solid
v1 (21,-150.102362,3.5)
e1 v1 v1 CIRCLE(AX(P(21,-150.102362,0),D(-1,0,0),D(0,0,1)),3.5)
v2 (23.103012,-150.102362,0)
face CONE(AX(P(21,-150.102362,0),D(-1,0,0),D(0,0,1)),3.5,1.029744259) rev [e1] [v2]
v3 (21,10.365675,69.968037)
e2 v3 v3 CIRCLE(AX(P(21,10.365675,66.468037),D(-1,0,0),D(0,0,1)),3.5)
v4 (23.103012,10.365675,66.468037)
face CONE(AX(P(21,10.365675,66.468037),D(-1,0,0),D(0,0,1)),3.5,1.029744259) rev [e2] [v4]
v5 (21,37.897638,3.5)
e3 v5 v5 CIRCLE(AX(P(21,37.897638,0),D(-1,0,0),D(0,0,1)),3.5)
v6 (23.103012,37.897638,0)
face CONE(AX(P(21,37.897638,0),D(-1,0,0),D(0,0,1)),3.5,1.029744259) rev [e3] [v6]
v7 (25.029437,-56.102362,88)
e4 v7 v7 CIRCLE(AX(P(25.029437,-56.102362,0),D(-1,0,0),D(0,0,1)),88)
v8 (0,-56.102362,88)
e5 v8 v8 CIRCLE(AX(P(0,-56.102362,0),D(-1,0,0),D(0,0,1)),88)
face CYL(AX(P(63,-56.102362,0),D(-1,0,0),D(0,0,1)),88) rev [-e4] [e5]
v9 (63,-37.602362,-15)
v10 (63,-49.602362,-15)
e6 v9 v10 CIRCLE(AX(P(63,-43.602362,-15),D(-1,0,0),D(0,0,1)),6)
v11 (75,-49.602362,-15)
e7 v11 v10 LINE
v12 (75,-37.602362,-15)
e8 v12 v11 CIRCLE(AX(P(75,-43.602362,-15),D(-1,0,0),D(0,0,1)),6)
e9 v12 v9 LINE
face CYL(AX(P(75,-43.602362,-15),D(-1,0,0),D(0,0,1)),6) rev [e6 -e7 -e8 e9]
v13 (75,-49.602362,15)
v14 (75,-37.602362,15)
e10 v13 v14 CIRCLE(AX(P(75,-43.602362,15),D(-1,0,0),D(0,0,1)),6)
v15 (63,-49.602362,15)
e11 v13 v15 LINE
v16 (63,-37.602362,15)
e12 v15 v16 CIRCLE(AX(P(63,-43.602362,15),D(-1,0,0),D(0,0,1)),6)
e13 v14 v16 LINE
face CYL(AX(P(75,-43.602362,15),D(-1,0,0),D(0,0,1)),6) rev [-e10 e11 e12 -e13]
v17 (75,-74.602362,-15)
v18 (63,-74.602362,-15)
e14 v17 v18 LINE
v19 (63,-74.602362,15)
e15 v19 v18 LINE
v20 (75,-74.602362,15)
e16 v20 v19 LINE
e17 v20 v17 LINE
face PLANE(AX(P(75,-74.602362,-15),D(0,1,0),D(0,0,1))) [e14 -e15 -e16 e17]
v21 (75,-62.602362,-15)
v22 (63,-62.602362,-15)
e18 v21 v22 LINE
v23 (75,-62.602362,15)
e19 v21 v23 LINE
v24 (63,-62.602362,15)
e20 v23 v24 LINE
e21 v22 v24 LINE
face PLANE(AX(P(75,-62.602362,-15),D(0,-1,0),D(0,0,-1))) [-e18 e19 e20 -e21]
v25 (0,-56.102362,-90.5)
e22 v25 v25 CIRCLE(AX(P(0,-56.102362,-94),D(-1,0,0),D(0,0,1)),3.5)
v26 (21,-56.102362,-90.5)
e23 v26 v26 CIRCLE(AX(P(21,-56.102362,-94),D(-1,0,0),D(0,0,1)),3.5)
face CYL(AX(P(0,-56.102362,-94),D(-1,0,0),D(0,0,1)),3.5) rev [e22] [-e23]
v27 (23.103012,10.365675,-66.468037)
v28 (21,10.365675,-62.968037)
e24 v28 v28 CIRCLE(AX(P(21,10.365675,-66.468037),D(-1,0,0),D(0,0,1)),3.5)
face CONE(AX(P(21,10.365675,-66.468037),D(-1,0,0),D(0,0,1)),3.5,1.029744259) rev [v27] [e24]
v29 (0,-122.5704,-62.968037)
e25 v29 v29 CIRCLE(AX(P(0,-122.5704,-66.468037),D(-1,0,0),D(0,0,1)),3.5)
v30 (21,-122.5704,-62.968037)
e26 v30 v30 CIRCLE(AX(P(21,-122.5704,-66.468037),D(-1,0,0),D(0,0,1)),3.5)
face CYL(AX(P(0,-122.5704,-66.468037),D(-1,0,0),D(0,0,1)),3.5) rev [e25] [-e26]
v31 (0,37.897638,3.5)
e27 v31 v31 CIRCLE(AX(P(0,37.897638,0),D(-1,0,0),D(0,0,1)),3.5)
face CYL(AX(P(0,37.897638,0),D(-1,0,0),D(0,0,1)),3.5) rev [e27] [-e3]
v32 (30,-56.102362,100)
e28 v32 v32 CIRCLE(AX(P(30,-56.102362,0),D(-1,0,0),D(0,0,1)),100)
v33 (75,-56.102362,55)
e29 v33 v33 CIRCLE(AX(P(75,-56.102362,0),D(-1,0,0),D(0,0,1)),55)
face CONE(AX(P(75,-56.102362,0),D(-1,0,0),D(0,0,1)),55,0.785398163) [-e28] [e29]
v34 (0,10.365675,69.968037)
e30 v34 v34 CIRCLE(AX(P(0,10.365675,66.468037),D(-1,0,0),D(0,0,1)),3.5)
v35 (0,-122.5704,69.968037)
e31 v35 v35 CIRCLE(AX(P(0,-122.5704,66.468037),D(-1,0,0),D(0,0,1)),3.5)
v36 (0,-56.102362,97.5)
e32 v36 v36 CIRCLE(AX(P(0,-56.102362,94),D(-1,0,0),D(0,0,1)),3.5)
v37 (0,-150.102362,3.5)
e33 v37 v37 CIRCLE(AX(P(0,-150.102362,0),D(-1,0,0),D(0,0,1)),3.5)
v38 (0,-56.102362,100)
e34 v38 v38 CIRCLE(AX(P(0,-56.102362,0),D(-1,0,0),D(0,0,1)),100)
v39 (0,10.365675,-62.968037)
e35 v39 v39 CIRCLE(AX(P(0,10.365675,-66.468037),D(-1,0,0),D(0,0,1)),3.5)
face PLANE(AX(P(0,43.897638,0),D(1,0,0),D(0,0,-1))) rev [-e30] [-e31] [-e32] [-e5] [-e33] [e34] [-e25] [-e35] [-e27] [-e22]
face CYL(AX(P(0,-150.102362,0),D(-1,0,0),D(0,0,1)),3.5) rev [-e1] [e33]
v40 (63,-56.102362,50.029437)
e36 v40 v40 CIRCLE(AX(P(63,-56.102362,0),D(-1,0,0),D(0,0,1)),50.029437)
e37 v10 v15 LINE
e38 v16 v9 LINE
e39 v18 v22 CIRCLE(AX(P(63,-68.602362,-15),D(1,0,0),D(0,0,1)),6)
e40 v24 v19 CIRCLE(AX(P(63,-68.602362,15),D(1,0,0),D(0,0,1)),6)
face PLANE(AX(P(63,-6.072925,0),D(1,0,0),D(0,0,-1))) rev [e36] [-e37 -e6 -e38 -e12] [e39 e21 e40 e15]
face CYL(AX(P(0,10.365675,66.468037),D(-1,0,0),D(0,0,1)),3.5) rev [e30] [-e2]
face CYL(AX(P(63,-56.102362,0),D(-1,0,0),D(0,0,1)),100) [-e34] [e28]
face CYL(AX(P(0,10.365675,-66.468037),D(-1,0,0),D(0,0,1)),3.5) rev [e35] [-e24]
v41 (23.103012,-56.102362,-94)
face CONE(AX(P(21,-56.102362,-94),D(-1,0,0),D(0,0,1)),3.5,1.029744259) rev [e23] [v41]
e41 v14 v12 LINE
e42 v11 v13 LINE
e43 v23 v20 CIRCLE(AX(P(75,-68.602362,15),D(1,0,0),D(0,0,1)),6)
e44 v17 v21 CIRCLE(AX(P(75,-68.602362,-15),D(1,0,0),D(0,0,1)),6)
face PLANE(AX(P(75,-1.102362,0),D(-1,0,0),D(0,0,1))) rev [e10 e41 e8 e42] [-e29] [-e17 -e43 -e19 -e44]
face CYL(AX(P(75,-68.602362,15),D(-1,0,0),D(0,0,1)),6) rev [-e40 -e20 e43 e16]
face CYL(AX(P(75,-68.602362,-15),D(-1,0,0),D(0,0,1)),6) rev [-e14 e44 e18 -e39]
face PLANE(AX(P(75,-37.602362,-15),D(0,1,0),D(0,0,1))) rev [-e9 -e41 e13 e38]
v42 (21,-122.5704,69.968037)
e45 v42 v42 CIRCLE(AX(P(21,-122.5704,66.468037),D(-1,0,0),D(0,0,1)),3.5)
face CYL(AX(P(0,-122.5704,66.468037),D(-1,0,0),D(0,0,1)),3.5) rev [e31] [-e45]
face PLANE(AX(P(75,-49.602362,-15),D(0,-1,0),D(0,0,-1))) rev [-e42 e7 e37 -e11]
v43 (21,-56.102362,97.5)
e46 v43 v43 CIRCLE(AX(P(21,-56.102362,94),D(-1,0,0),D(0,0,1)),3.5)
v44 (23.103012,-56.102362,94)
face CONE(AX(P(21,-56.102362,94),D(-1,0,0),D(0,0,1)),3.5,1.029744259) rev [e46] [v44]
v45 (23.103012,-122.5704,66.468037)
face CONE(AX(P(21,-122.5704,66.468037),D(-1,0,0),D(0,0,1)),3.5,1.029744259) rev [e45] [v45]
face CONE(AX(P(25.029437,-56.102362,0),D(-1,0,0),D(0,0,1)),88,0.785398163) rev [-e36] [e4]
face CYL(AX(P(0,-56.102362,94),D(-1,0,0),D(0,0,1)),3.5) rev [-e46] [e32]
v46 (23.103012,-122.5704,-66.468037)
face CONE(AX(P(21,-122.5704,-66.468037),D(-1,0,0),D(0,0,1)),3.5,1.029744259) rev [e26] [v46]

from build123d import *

# Parameters (mm, degrees)
CIRPATTERN_COUNT = 8
SLOT_CUT_DEPTH   = 196.79823157


with BuildPart() as part:
    # Sketch1 → Revolve 2 (revolve)
    with BuildSketch(Plane.XY, mode=Mode.PRIVATE) as revolve_2_sk:
        Polygon((0, 43.897637795), (30, 43.897637795), (75, -1.102362205), (75, -56.102362205), (63, -56.102362205), (63, -6.072924953), (25.029437252, 31.897637795), (0, 31.897637795), align=None)
    revolve(revolve_2_sk.sketch.rotate(Axis((63, -56.102362205, 0), (1, 0, 0)), 90), axis=Axis((63, -56.102362205, 0), (1, 0, 0)))

    # Sketch3 → M8x1.0 Tapped Hole (revolve, cut)
    with BuildSketch(Plane.ZX.offset(37.897637795)):
        Polygon((0, 0), (0, 23.103012167), (3.5, 21), (3.5, 0), align=None)
    m8x1_0_tapped_hole = revolve(axis=Axis((-6.35, 37.897637795, 0), (1, 0, 0)), mode=Mode.SUBTRACT)

    # CirPattern: M8x1.0 Tapped Hole ×8 about axis
    cirpattern_axis = Axis((0, -56.102362205, 0), (1, 0, 0))
    for i in range(1, CIRPATTERN_COUNT):
        add(m8x1_0_tapped_hole.rotate(cirpattern_axis, i * 360 / CIRPATTERN_COUNT), mode=Mode.SUBTRACT)

    # Sketch2 → Slot Cut (cut, through all)
    with BuildSketch(Plane.ZY.offset(-63)):
        with BuildLine():
            Line((-15, -37.602362205), (15, -37.602362205))
            ThreePointArc((15, -37.602362205), (21, -43.602362205), (15, -49.602362205))
            Line((15, -49.602362205), (-15, -49.602362205))
            ThreePointArc((-15, -49.602362205), (-21, -43.602362205), (-15, -37.602362205))
        make_face()
    slot_cut = extrude(amount=-SLOT_CUT_DEPTH, mode=Mode.SUBTRACT)

    # Mirror 2: Slot Cut across plane
    add(slot_cut.mirror(Plane.ZX.offset(-56.102362205)), mode=Mode.SUBTRACT)


solid = part.part
